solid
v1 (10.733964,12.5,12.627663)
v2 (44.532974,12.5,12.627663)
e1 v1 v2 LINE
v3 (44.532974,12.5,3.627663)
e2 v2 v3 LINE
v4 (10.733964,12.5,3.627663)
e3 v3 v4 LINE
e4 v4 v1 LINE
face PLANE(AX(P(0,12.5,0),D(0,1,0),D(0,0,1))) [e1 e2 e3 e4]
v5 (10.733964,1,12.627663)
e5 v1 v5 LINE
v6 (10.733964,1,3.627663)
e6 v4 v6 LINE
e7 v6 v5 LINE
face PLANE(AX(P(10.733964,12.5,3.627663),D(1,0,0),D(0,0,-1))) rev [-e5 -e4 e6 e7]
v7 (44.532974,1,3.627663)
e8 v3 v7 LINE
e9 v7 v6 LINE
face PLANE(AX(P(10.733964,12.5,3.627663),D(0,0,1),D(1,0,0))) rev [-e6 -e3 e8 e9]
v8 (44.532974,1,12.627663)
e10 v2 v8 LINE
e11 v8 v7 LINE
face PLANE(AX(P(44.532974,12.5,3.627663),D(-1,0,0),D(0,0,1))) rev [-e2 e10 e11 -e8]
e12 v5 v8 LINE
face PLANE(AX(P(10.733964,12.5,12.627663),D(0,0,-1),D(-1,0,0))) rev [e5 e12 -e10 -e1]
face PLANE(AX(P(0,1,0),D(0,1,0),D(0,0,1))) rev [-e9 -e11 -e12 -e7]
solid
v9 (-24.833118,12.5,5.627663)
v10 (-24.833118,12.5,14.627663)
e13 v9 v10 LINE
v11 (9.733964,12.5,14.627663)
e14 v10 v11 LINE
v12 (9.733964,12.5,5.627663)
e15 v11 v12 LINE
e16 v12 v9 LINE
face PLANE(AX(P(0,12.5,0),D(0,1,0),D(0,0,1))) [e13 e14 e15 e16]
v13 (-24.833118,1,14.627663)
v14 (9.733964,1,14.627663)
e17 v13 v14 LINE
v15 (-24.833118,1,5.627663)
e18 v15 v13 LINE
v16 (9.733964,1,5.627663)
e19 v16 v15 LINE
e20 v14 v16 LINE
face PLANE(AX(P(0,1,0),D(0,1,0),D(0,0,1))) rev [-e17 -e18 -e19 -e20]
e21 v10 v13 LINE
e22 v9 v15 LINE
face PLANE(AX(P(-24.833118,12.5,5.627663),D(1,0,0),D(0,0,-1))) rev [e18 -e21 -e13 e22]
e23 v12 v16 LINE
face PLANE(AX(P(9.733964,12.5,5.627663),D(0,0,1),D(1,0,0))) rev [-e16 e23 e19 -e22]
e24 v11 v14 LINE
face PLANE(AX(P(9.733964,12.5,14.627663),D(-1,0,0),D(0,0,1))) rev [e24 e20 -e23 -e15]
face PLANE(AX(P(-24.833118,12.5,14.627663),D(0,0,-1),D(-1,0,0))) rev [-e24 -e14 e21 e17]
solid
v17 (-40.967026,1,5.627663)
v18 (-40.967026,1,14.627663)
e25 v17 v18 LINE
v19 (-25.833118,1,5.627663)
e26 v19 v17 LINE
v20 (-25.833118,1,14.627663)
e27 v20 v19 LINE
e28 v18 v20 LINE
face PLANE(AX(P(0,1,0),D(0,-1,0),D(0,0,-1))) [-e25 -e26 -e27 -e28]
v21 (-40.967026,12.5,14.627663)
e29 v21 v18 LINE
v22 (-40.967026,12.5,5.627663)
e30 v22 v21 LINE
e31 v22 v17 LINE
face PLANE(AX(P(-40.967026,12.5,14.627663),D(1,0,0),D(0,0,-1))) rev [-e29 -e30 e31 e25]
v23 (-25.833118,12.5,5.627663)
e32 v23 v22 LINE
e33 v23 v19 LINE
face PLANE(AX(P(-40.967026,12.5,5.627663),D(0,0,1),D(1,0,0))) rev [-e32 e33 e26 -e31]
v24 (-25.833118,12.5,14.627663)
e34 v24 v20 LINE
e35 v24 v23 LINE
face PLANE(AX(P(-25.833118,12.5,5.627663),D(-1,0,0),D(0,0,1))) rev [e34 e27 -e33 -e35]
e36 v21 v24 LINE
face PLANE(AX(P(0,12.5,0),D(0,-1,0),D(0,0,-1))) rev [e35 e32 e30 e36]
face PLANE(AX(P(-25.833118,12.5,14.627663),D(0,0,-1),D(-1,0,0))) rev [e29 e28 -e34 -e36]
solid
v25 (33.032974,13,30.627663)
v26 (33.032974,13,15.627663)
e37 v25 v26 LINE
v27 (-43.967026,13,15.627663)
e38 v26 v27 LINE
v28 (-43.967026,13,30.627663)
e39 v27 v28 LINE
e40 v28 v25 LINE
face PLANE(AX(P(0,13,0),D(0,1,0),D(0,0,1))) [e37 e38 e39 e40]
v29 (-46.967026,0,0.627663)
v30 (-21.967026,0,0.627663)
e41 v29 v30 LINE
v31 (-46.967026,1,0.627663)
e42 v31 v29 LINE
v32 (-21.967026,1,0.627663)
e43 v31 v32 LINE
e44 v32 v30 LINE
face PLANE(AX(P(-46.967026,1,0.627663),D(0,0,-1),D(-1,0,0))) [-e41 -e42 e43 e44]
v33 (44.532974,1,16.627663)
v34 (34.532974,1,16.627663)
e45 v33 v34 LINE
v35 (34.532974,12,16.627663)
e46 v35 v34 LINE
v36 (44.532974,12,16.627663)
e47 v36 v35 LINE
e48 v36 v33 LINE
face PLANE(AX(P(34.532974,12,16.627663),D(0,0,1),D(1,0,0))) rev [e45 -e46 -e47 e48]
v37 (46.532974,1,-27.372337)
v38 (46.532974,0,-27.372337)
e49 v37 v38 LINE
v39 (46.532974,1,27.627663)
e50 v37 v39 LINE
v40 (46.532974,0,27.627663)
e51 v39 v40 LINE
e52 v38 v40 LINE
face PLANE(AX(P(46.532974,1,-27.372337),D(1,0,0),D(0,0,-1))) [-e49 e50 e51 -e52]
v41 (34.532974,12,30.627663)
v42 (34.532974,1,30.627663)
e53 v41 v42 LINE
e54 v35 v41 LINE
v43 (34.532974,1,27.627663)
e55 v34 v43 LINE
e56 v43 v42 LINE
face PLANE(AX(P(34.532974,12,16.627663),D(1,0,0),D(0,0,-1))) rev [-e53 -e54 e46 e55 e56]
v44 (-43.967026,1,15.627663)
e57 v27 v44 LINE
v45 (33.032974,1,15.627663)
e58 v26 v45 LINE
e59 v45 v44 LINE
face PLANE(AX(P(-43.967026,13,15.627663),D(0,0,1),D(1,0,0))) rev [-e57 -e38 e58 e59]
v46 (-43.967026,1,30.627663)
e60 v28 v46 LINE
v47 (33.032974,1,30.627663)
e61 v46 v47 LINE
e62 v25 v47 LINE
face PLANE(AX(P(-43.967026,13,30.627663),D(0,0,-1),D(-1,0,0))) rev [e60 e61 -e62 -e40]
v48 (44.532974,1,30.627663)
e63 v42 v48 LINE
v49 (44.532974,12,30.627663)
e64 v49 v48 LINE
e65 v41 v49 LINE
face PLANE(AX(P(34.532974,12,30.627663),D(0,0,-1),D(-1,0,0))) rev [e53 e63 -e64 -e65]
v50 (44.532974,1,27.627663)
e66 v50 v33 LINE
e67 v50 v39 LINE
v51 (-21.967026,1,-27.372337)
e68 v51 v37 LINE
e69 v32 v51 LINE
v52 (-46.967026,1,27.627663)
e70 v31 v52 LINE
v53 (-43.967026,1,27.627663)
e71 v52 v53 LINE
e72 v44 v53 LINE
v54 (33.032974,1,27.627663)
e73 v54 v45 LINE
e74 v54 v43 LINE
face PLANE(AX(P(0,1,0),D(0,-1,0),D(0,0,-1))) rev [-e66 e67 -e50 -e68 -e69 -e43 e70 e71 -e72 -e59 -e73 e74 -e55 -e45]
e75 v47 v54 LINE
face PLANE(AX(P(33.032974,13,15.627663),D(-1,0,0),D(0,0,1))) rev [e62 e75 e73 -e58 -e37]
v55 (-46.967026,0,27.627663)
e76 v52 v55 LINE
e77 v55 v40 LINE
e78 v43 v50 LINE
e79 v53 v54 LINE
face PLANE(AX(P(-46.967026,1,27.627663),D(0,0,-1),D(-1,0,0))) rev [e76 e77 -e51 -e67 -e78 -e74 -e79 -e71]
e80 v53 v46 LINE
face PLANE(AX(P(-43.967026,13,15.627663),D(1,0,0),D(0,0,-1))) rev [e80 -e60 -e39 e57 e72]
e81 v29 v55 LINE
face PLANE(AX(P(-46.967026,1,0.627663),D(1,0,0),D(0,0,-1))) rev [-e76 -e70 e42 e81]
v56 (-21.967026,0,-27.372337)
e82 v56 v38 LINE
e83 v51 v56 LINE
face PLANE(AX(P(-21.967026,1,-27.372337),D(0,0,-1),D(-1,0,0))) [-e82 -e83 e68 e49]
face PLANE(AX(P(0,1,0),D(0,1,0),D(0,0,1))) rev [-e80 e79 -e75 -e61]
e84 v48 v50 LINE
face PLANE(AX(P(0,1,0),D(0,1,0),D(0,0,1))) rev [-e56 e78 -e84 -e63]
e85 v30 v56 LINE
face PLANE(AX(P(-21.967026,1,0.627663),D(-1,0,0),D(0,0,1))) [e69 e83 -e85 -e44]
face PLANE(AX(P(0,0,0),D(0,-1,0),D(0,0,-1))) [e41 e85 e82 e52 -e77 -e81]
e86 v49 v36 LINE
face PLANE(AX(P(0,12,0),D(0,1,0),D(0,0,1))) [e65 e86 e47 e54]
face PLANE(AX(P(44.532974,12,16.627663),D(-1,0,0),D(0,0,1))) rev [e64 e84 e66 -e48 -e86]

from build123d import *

# Parameters (mm, degrees)
BOSS_EXTRUDE1_DEPTH   = 1
SKETCH2_W             = 77
SKETCH2_H             = 15
BOSS_EXTRUDE2_DEPTH   = 12
SKETCH3_W             = 10
SKETCH3_H             = 14
BOSS_EXTRUDE3_DEPTH   = 11
SKETCH4_W             = 15.133908349
SKETCH4_H             = 9
BOSS_EXTRUDE4_DEPTH   = 11.5
SKETCH4_W_2           = 34.567081878
BOSS_EXTRUDE4_2_DEPTH = 11.5
SKETCH4_W_3           = 33.799009773
BOSS_EXTRUDE4_3_DEPTH = 11.5


with BuildPart() as part:
    # Sketch1 → Boss-Extrude1 (new body)
    with BuildSketch(Plane(origin=(0, 0, 0), x_dir=(1, 0, 0), z_dir=(0, 1, 0))):
        Polygon((-46.9670263, -0.627662529), (-21.9670263, -0.627662529), (-21.9670263, 27.372337471), (46.5329737, 27.372337471), (46.5329737, -27.627662529), (-46.9670263, -27.627662529), align=None)
    extrude(amount=BOSS_EXTRUDE1_DEPTH)

    # Sketch2 → Boss-Extrude2 (add)
    with BuildSketch(Plane(origin=(0, 1, 0), x_dir=(1, 0, 0), z_dir=(0, 1, 0))):
        with Locations((-5.4670263, -23.127662529)):
            Rectangle(SKETCH2_W, SKETCH2_H)
    extrude(amount=BOSS_EXTRUDE2_DEPTH)

    # Sketch3 → Boss-Extrude3 (add)
    with BuildSketch(Plane(origin=(0, 1, 0), x_dir=(1, 0, 0), z_dir=(0, 1, 0))):
        with Locations((39.5329737, -23.627662529)):
            Rectangle(SKETCH3_W, SKETCH3_H)
    extrude(amount=BOSS_EXTRUDE3_DEPTH)


with BuildPart() as body_2:
    # Sketch4 → Boss-Extrude4 (new body)
    with BuildSketch(Plane(origin=(0, 1, 0), x_dir=(1, 0, 0), z_dir=(0, 1, 0))):
        with Locations((-33.400072126, -10.127662529)):
            Rectangle(SKETCH4_W, SKETCH4_H)
    extrude(amount=BOSS_EXTRUDE4_DEPTH)


with BuildPart() as body_3:
    # Sketch4 → Boss-Extrude4 2 (new body)
    with BuildSketch(Plane(origin=(0, 1, 0), x_dir=(1, 0, 0), z_dir=(0, 1, 0))):
        with Locations((-7.549577012, -10.127662529)):
            Rectangle(SKETCH4_W_2, SKETCH4_H)
    extrude(amount=BOSS_EXTRUDE4_2_DEPTH)


with BuildPart() as body_4:
    # Sketch4 → Boss-Extrude4 3 (new body)
    with BuildSketch(Plane(origin=(0, 1, 0), x_dir=(1, 0, 0), z_dir=(0, 1, 0))):
        with Locations((27.633468814, -8.127662529)):
            Rectangle(SKETCH4_W_3, SKETCH4_H)
    extrude(amount=BOSS_EXTRUDE4_3_DEPTH)


solid = Compound([part.part, body_2.part, body_3.part, body_4.part])
